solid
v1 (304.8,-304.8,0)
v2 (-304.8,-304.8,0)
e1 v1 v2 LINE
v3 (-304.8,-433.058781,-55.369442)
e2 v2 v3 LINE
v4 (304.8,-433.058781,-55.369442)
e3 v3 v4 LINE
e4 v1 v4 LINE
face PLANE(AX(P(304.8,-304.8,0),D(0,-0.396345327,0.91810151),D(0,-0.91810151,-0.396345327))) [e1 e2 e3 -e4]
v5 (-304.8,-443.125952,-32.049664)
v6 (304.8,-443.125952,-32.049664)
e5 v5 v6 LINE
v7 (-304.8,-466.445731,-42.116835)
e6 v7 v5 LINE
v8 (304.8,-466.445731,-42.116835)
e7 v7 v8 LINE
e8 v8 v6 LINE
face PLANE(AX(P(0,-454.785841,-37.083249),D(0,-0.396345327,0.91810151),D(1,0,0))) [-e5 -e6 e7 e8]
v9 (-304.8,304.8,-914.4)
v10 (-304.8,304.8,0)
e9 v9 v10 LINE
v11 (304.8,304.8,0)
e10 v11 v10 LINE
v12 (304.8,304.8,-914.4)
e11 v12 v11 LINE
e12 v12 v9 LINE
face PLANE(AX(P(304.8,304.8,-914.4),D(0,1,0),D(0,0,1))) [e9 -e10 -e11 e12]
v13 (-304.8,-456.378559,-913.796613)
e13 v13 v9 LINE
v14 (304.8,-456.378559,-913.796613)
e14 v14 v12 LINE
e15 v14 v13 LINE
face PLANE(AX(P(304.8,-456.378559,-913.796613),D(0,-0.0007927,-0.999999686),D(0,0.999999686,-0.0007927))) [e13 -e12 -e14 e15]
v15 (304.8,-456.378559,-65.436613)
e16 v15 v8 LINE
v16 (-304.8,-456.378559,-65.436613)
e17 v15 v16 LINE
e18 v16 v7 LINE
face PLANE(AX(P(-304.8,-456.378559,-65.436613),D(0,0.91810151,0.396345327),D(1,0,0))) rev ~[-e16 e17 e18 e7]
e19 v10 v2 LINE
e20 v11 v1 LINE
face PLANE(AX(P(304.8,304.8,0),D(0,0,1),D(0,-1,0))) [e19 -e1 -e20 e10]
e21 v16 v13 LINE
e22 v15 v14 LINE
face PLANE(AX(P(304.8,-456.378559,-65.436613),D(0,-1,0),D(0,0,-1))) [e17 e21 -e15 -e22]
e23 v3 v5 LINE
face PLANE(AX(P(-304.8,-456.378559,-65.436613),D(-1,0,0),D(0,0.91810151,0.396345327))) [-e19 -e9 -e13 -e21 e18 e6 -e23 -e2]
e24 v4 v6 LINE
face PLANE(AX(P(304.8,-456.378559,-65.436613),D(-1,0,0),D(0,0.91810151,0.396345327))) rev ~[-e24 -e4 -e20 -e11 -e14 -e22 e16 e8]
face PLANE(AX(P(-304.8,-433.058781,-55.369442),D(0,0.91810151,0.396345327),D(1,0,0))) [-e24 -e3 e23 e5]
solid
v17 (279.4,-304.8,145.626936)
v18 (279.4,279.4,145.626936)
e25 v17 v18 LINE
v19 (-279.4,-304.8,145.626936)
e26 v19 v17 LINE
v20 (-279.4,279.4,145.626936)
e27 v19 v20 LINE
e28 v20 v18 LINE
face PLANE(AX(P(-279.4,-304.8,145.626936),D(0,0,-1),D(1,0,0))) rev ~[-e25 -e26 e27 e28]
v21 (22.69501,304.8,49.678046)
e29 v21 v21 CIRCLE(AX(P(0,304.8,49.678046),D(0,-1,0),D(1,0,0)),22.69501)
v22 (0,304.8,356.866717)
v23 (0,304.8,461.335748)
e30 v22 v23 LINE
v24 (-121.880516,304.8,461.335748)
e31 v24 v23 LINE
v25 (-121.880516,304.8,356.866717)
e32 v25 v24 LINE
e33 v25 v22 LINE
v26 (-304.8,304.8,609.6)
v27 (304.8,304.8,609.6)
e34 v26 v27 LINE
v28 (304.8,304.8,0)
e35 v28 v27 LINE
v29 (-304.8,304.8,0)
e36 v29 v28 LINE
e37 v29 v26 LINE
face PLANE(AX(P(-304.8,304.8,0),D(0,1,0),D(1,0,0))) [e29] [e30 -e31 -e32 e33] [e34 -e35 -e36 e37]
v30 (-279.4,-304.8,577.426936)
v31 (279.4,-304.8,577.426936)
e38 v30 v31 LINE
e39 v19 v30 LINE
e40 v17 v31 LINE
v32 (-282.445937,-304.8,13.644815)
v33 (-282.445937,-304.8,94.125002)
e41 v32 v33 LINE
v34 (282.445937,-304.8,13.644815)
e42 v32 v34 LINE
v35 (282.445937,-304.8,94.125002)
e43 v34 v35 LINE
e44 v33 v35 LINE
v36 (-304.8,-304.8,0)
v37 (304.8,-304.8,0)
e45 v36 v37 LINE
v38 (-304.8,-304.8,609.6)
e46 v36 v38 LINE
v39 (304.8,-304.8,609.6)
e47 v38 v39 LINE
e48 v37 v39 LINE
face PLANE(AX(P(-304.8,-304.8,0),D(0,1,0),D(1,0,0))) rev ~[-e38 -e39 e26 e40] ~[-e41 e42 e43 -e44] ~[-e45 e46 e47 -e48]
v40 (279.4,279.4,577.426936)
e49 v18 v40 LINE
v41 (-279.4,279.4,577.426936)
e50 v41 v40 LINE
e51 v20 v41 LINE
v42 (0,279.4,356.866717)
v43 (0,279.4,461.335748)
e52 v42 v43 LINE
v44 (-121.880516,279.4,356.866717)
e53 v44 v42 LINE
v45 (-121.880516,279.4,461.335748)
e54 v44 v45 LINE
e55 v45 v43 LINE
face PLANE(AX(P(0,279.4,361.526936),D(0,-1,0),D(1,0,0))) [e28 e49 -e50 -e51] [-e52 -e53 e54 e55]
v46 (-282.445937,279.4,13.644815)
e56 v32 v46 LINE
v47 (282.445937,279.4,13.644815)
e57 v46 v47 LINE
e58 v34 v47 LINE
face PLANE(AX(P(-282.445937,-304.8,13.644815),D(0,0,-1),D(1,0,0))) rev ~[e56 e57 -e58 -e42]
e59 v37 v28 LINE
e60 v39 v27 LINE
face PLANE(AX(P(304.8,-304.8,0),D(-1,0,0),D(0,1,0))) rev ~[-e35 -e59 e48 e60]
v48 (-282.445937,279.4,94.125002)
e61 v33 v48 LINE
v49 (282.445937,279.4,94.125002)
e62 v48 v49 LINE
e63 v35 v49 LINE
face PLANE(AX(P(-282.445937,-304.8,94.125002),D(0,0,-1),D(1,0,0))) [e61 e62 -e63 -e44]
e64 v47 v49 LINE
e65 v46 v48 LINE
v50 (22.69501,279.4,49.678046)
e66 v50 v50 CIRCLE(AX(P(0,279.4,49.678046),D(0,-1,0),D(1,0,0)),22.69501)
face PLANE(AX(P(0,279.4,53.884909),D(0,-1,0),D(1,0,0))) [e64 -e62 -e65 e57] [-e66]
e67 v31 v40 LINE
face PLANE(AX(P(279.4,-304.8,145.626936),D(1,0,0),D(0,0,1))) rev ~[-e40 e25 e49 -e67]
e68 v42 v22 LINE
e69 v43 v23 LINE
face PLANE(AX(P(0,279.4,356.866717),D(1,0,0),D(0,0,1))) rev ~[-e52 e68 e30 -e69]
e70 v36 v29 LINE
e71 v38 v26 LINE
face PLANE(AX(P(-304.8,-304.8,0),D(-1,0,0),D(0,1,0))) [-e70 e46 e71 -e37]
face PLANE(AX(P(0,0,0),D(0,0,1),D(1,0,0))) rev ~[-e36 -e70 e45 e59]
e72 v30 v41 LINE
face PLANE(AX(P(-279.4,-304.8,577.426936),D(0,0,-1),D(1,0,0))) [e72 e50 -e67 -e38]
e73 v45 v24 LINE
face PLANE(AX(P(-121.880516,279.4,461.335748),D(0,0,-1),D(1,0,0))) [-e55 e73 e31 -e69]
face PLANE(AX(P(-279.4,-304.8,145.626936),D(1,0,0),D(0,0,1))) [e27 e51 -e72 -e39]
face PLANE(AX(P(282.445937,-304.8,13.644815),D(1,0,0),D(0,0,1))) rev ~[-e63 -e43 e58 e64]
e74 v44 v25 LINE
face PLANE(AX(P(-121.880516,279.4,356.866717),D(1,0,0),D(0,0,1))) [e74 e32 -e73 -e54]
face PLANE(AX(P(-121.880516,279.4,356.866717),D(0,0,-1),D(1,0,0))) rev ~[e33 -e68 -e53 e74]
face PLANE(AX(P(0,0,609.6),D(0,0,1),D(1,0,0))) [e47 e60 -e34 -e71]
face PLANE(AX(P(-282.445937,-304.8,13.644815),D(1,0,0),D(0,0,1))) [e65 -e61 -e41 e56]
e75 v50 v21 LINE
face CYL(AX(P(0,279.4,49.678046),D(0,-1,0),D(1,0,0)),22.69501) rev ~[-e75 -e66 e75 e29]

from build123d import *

# Parameters (mm, degrees)
F0_W      = 609.6
F0_H      = 609.6
F1_DEPTH  = 609.6
F2_W      = 558.8
F2_H      = 431.8
F2_W_2    = 564.8918747902
F2_H_2    = 80.4801862687
F3_DEPTH  = 584.2
F4_W      = 121.8805164099
F4_H      = 104.4690310955
F5_DEPTH  = 25.4
F4_R      = 22.6950102974
F6_DEPTH  = 25.4
F8_DEPTH  = 609.6
F9_W      = 609.6
F9_H      = 25.4
F10_DEPTH = 25.4


with BuildPart() as f1:
    # F0 (on Top) → F1 (new body)
    with BuildSketch(Plane.XY):
        Rectangle(F0_W, F0_H)
    extrude(amount=F1_DEPTH)

    # F2 (on face) → F3 (cut)
    with BuildSketch(Plane.XZ.offset(304.8)):
        with Locations((0, 361.5269362926)):
            Rectangle(F2_W, F2_H)
        with Locations((0, 53.8849085569)):
            Rectangle(F2_W_2, F2_H_2)
    extrude(amount=-F3_DEPTH, mode=Mode.SUBTRACT)

    # F4 (on face) → F5 (cut)
    with BuildSketch(Plane.XZ.offset(-279.4)):
        with Locations((-60.9402582049, 409.1012328863)):
            Rectangle(F4_W, F4_H)
    extrude(amount=-F5_DEPTH, mode=Mode.SUBTRACT)

    # F4 (on face) → F6 (cut)
    with BuildSketch(Plane.XZ.offset(-279.4)):
        with Locations((-60.9402582049, 409.1012328863)):
            Rectangle(F4_W, F4_H)
        with Locations((0, 49.6780462563)):
            Circle(F4_R)
    extrude(amount=-F6_DEPTH, mode=Mode.SUBTRACT)


with BuildPart() as f8:
    # F7 (on face) → F8 (new body)
    with BuildSketch(Plane.YZ.offset(304.8)):
        Polygon((304.8, 0), (-304.8, 0), (-456.3785592522, -65.4366134135), (-456.3785592522, -913.7966134135), (304.8, -914.4), align=None)
    extrude(amount=-F8_DEPTH)

    # F9 (on face) → F10 (join)
    with BuildSketch(Plane(origin=(0, -47.8809155294, 110.912221966), x_dir=(1, 0, 0), z_dir=(0, -0.3963453266, 0.9181015097))):
        with Locations((0, -432.2373401579)):
            Rectangle(F9_W, F9_H)
    extrude(amount=F10_DEPTH)


solid = Compound([f1.part, f8.part])
